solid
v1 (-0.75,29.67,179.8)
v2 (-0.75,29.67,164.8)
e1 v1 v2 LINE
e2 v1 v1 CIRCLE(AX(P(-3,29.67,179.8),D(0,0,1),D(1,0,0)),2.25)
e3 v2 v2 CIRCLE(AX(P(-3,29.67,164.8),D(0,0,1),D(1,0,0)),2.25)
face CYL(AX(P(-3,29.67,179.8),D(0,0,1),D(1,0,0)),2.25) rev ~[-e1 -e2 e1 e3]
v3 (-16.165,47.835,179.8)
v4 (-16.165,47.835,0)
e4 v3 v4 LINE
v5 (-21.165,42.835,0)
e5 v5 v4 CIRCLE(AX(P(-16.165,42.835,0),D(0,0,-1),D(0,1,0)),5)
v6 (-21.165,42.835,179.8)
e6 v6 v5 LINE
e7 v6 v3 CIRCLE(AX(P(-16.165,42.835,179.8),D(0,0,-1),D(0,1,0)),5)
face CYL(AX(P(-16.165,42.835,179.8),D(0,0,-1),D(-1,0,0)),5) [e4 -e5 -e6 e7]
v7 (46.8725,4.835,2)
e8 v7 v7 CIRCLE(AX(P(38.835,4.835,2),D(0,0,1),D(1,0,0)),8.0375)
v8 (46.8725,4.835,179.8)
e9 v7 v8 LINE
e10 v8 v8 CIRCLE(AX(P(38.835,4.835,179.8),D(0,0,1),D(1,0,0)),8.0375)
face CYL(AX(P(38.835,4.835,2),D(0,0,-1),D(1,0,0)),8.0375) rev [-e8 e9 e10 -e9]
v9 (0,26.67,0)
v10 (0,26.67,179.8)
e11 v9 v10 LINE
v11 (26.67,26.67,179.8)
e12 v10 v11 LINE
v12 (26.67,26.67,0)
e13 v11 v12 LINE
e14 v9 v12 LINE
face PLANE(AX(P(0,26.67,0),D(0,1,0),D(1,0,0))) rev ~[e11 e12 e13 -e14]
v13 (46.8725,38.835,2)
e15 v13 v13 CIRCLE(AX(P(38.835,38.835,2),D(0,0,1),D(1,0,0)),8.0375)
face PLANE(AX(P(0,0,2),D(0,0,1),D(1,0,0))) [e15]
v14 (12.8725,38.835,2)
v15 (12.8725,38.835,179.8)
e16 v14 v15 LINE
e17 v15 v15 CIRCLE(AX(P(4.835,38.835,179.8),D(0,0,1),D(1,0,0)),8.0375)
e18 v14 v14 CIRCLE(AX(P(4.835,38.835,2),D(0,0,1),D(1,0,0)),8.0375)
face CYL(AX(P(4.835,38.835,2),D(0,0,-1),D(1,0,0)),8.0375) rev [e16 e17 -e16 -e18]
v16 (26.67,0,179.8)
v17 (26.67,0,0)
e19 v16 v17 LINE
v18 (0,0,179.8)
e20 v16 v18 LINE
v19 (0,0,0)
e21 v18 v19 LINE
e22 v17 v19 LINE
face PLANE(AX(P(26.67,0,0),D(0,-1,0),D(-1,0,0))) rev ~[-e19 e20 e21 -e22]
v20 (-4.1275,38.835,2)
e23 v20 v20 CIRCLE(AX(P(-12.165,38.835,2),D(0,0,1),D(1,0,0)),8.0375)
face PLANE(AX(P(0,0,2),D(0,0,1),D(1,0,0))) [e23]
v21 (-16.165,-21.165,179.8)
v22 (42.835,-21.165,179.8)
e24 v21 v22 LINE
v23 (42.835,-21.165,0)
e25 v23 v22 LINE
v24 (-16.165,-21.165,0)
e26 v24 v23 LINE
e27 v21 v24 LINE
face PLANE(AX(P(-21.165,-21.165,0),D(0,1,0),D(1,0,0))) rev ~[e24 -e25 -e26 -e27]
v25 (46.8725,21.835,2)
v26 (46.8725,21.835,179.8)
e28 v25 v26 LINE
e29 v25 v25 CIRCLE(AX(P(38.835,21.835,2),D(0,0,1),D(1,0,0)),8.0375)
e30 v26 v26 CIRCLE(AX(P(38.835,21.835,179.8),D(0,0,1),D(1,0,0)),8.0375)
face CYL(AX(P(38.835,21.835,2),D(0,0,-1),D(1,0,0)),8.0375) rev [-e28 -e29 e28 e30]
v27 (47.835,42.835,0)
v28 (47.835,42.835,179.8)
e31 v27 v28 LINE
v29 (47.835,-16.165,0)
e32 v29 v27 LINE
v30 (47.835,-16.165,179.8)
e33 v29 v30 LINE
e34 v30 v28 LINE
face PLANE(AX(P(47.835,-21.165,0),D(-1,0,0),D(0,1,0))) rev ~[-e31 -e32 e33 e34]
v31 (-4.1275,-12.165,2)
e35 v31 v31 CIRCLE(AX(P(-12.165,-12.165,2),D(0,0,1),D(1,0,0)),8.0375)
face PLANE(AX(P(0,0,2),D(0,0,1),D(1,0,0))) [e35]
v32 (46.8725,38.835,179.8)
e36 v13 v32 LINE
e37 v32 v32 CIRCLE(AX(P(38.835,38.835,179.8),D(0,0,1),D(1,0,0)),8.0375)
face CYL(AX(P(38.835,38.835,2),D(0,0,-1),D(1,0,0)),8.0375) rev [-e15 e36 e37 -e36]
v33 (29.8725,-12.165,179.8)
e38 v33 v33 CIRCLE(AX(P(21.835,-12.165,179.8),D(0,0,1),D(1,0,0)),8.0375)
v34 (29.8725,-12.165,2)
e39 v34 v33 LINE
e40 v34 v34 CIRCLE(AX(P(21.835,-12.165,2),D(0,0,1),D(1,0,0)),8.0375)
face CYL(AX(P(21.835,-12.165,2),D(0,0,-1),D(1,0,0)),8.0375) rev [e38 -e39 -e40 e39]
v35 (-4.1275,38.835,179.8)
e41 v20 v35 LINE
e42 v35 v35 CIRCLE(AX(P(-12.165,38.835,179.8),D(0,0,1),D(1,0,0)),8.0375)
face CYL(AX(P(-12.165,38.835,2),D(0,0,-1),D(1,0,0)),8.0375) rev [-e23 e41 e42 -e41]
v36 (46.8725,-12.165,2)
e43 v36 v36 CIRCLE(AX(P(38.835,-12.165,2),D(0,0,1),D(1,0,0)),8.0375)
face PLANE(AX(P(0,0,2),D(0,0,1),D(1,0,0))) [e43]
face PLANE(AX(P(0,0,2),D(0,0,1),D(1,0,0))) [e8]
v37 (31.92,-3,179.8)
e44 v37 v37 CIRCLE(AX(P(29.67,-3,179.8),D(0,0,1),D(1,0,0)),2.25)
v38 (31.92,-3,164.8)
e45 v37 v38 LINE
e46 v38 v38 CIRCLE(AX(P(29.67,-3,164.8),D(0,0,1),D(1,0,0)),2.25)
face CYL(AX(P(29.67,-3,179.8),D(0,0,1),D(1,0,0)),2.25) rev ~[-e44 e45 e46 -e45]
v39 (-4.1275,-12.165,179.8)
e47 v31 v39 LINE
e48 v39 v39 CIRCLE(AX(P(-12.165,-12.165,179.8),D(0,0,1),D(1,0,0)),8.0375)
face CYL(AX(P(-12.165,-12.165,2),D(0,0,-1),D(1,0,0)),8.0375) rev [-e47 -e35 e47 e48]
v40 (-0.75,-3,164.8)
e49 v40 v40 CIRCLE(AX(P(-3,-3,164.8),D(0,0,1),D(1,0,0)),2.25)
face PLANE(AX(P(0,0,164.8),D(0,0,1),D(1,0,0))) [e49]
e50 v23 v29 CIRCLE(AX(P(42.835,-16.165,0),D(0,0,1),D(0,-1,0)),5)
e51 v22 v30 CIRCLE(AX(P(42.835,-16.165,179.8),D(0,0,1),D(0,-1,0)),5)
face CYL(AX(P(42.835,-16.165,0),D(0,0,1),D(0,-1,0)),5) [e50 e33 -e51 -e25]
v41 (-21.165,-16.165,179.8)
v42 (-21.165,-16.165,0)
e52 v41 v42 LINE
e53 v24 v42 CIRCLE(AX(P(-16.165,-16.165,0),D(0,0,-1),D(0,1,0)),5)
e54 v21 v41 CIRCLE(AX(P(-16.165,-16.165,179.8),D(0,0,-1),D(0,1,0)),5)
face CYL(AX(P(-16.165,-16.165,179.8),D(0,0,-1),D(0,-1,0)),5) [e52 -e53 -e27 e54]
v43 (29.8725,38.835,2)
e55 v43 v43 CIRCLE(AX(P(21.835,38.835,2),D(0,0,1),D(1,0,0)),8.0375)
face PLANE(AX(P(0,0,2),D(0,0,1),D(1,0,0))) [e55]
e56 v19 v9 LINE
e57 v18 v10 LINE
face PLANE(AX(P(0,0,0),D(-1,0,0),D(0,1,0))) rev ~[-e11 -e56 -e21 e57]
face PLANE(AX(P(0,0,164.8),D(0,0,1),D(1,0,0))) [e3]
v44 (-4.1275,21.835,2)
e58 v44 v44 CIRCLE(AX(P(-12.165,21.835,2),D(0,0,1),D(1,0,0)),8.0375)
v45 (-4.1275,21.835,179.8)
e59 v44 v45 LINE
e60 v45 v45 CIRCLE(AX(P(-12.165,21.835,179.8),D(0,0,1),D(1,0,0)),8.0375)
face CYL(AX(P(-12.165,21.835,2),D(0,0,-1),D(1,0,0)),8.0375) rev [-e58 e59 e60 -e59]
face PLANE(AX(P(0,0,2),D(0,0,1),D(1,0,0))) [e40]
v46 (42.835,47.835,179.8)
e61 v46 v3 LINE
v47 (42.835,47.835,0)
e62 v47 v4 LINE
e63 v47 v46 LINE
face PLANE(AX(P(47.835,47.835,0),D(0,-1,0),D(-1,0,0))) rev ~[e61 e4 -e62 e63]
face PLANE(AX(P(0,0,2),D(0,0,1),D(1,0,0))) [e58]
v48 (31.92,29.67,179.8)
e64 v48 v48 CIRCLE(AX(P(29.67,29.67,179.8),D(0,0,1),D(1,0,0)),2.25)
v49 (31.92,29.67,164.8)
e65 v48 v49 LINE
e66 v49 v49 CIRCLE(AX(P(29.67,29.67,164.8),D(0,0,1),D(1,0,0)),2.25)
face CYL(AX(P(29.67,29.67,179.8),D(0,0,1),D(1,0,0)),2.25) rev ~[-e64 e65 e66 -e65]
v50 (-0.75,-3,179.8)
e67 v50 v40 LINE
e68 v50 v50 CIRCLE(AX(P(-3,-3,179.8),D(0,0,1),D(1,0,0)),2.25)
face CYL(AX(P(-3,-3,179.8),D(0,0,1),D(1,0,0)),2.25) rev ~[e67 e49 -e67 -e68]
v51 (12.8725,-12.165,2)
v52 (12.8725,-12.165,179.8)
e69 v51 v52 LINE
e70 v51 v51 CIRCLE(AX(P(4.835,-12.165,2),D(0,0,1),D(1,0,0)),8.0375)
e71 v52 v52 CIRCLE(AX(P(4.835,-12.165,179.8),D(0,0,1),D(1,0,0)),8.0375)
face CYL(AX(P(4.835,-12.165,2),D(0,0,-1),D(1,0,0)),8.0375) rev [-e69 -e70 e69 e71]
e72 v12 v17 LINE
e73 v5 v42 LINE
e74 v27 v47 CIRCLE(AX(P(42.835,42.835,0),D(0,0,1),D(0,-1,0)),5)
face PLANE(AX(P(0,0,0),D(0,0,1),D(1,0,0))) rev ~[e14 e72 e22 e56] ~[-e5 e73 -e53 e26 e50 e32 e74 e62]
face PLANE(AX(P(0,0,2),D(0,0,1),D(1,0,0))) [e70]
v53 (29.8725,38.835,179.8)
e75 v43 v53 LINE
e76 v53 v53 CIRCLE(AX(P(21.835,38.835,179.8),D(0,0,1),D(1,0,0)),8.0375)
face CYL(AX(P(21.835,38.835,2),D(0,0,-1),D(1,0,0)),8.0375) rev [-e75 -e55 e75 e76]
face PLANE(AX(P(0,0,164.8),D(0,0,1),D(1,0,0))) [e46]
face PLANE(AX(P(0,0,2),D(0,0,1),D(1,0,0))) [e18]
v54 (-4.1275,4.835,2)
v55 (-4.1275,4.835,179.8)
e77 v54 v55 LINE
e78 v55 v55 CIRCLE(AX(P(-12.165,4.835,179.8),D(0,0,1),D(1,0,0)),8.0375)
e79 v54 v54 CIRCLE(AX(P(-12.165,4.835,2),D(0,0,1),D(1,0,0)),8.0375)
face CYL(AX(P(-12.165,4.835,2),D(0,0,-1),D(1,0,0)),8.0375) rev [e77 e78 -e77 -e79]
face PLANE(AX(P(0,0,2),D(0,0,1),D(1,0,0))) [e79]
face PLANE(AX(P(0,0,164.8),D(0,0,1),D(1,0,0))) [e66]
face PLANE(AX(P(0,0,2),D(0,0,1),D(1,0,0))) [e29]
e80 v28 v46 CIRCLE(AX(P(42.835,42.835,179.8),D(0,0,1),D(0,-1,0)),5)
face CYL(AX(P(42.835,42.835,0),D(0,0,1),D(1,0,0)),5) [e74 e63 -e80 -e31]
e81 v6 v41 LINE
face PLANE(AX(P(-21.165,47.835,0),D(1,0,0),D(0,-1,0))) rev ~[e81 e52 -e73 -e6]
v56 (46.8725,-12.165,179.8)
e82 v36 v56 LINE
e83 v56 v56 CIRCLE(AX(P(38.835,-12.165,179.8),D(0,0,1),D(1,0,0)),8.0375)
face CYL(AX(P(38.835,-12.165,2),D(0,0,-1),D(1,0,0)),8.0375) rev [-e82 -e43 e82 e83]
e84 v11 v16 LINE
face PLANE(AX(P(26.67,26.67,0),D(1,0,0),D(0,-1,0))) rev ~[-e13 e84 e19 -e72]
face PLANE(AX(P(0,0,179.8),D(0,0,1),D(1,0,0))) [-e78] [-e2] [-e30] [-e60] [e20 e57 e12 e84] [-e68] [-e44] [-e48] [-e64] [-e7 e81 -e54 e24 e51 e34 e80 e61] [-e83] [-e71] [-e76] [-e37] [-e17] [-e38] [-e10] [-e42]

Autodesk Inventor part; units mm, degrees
ref_plane "YZ Plane" through (0, 0, 0) normal (1, 0, 0) x (0, 1, 0)
ref_plane "XZ Plane" through (0, 0, 0) normal (0, 1, 0) x (-1, 0, 0)
ref_plane "XY Plane" through (0, 0, 0) normal (0, 0, 1) x (1, 0, 0)
sketch "Sketch1" plane through (0, 0, 0) normal (0, 0, 1) x (1, 0, 0)
  line L0 (0, 26.67) -> (26.67, 26.67)
  line L1 (26.67, 26.67) -> (26.67, 0)
  line L2 (26.67, 0) -> (0, 0)
  line L3 (0, 0) -> (0, 26.67)
  line L4 (47.835, -21.165) -> (47.835, 47.835)
  line L5 (47.835, 47.835) -> (-21.165, 47.835)
  line L6 (-21.165, 47.835) -> (-21.165, -21.165)
  line L7 (-21.165, -21.165) -> (47.835, -21.165)
  dimension "d0" = 26.67
  dimension "d16" = 69
extrude "Extrusion1" add sketch "Sketch1" along normal blind 2
sketch "Sketch2" plane through (0, 0, 2) normal (0, 0, 1) x (1, 0, 0)
  circle A0 centre (4.835, 38.835) radius 8.0375
  circle A1 centre (-12.165, 38.835) radius 8.0375
  circle A2 centre (21.835, 38.835) radius 8.0375
  circle A3 centre (38.835, 38.835) radius 8.0375
  line L0 (47.835, 47.835) -> (-21.165, 47.835) projected
  line L1 (-21.165, 47.835) -> (-21.165, -21.165) projected
  circle A4 centre (-12.165, 21.835) radius 8.0375
  circle A5 centre (-12.165, 4.835) radius 8.0375
  circle A6 centre (38.835, 21.835) radius 8.0375
  circle A7 centre (38.835, 4.835) radius 8.0375
  circle A8 centre (4.835, -12.165) radius 8.0375
  circle A9 centre (-12.165, -12.165) radius 8.0375
  circle A10 centre (21.835, -12.165) radius 8.0375
  circle A11 centre (38.835, -12.165) radius 8.0375
  line L2 (47.835, -21.165) -> (47.835, 47.835) projected
  line L3 (-21.165, -21.165) -> (47.835, -21.165) projected
  line L4 (0, 0) -> (0, 26.67) projected
  line L5 (0, 26.67) -> (26.67, 26.67) projected
  line L6 (26.67, 26.67) -> (26.67, 0) projected
  line L7 (26.67, 0) -> (0, 0) projected
  point P0 (48.835, 48.835)
  point P1 (-20.165, 48.835)
  dimension "d4" = 16.075
  dimension "d5" = 16.075
  dimension "d6" = 16.075
  dimension "d7" = 16.075
  dimension "d8" = 9
  dimension "d9" = 9
  dimension "d10" = 9
  dimension "d11" = 9
  dimension "d12" = 9
  dimension "d13" = 17
  dimension "d14" = 17
  dimension "d15" = 17
  dimension "d17" = 16.075
  dimension "d18" = 16.075
  dimension "d19" = 16.075
  dimension "d20" = 16.075
  dimension "d21" = 16.075
  dimension "d22" = 16.075
  dimension "d23" = 16.075
  dimension "d24" = 16.075
  dimension "d25" = 17
  dimension "d26" = 17
  dimension "d27" = 17
  dimension "d28" = 17
  dimension "d29" = 17
  dimension "d30" = 17
  dimension "d31" = 17
  dimension "d32" = 17
  dimension "d33" = 17
  dimension "d34" = 9
  dimension "d35" = 9
  dimension "d36" = 9
  dimension "d37" = 9
  dimension "d38" = 9
  dimension "d39" = 9
  dimension "d40" = 9
extrude "Extrusion2" add sketch "Sketch2" along normal blind 177.8
sketch "Sketch3" plane through (0, 0, 179.8) normal (0, 0, 1) x (1, 0, 0)
  circle A0 centre (-3, 29.67) radius 2.25
  circle A1 centre (29.67, 29.67) radius 2.25
  circle A2 centre (29.67, -3) radius 2.25
  circle A3 centre (-3, -3) radius 2.25
  line L0 (0, 0) -> (0, 26.67) projected
  line L1 (0, 26.67) -> (26.67, 26.67) projected
  line L2 (26.67, 26.67) -> (26.67, 0) projected
  line L3 (26.67, 0) -> (0, 0) projected
  dimension "d43" = 4.5
  dimension "d44" = 3
  dimension "d45" = 3
  dimension "d46" = 3
  dimension "d47" = 3
  dimension "d48" = 3
  dimension "d49" = 3
  dimension "d50" = 3
  dimension "d51" = 3
extrude "Extrusion3" cut sketch "Sketch3" against normal blind 15 contours A0 | A1 | A2 | A3
fillet "Fillet1" radius 5 4 edges at (-21.165, -21.165, 89.9) (-21.165, 47.835, 89.9) (47.835, 47.835, 89.9) (47.835, -21.165, 89.9)
properties part number "WeightHolder"
